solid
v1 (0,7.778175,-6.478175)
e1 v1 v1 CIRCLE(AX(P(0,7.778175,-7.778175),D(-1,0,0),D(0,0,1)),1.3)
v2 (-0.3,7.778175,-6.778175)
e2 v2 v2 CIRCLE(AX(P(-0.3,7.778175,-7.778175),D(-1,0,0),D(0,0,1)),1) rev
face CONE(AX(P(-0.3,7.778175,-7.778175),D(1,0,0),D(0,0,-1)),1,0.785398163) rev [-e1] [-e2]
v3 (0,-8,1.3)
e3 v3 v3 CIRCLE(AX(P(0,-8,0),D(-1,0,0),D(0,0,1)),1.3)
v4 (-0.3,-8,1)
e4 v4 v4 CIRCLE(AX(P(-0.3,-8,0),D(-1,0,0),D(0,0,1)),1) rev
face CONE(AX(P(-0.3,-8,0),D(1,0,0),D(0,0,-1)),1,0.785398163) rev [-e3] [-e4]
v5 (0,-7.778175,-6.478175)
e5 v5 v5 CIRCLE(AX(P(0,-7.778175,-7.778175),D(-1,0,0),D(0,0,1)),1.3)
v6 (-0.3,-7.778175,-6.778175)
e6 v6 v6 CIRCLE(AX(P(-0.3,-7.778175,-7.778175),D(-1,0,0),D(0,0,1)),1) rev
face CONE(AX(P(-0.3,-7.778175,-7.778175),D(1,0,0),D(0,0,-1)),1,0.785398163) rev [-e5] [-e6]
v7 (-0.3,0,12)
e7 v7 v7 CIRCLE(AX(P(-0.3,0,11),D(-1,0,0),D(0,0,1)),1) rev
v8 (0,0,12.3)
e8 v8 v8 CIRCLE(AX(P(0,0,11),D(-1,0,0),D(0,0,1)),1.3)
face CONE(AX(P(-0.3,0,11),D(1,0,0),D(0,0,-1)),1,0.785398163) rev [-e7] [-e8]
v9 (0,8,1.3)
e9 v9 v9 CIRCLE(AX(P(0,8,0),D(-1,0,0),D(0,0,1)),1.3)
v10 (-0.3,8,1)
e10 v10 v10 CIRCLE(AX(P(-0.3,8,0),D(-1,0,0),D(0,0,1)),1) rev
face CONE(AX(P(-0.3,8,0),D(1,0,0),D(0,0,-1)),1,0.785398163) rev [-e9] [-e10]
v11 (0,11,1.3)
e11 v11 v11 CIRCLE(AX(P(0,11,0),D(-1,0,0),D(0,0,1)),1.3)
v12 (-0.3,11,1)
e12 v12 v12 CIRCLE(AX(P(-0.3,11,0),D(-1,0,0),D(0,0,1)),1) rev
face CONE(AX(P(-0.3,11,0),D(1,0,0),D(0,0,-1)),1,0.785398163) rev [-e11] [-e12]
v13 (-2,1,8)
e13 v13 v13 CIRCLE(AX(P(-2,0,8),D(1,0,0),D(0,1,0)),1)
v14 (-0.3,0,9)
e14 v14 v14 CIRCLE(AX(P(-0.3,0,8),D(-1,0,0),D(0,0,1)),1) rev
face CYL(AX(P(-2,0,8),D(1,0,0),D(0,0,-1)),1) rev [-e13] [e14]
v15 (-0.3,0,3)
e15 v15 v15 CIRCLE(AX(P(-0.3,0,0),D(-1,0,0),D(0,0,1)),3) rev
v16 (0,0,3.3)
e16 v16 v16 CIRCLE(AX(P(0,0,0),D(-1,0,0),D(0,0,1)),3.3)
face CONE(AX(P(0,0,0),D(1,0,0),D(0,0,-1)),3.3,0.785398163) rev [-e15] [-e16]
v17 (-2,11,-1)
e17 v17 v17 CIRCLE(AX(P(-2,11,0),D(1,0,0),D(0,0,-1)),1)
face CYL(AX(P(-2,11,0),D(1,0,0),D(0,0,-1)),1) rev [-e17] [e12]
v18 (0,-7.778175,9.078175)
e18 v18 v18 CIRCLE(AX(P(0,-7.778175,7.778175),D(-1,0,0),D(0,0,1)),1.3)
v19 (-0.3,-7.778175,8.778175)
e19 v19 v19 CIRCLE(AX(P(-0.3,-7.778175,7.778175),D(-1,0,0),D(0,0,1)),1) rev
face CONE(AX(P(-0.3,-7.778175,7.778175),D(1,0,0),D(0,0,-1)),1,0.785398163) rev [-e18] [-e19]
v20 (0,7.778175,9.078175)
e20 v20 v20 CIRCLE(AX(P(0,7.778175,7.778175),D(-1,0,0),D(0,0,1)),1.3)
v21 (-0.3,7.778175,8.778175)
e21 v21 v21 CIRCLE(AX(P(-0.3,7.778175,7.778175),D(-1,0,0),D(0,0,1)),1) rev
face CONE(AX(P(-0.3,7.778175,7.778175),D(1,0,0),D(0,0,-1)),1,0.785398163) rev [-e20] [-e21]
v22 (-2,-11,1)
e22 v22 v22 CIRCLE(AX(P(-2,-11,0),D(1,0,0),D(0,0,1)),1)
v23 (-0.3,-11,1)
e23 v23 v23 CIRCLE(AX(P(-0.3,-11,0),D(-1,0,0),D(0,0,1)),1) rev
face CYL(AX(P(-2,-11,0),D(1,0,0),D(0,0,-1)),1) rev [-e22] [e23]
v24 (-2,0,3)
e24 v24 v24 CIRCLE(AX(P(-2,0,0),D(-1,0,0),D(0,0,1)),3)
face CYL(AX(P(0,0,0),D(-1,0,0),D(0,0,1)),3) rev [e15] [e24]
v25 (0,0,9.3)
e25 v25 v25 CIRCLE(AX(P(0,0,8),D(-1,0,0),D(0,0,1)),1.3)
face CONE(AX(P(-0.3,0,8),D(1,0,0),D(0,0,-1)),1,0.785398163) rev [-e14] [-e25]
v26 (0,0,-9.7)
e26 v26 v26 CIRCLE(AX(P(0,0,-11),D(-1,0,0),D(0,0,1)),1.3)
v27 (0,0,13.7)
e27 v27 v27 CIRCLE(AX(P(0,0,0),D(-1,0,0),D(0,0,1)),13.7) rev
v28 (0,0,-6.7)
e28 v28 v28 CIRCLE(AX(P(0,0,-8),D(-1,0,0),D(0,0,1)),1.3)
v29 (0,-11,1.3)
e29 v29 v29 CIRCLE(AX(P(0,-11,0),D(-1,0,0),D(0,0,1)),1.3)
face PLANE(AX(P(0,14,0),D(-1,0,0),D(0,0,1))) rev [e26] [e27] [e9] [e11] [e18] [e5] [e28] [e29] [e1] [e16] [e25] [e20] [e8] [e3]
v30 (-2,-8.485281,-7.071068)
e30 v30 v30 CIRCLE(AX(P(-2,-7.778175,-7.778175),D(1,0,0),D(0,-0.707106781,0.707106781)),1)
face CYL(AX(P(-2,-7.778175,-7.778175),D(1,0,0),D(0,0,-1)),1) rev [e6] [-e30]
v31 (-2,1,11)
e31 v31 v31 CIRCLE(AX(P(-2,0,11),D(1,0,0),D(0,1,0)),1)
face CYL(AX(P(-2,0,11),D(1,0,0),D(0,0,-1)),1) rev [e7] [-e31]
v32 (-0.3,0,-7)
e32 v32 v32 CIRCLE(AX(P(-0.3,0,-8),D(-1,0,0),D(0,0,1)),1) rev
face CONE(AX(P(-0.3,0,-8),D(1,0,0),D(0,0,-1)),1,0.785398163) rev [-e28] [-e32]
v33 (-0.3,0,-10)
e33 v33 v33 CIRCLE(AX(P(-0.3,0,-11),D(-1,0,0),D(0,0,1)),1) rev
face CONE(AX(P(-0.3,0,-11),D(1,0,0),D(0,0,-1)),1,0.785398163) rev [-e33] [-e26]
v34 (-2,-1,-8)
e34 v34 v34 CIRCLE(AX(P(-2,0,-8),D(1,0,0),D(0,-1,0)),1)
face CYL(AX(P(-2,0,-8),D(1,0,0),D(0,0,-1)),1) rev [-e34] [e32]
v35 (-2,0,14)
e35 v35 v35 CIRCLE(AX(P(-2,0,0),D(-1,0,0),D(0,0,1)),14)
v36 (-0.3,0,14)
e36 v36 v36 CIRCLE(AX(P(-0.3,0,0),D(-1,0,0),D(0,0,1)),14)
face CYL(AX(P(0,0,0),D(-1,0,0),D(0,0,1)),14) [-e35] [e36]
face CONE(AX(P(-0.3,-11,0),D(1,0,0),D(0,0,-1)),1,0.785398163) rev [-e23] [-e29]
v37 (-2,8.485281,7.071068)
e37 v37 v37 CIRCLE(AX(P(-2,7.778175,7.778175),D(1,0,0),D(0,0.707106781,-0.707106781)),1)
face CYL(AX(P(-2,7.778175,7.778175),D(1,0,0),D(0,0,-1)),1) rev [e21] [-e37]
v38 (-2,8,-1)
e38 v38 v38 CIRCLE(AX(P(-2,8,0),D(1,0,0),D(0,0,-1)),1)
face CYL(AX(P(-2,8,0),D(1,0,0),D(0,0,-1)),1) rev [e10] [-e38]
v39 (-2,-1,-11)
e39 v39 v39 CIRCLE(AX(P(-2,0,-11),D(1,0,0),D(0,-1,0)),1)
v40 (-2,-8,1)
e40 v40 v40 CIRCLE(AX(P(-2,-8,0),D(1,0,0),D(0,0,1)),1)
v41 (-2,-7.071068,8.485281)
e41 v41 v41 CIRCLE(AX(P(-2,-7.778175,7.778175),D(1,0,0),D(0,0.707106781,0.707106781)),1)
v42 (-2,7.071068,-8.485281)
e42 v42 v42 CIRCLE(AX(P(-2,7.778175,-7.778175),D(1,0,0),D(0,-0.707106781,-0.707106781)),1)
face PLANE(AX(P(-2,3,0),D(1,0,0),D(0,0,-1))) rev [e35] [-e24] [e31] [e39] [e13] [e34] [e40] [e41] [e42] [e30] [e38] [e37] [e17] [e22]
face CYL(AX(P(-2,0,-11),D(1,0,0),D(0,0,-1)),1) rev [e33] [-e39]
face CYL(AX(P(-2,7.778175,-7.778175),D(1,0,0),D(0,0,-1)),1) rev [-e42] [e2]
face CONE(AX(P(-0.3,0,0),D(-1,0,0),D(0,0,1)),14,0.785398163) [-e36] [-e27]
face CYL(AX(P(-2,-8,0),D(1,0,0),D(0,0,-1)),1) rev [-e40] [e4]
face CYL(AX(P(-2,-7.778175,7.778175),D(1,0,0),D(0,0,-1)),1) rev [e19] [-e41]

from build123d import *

# Parameters (mm, degrees)
SKETCH1_W          = 2
SKETCH1_H          = 11
SKETCH2_R          = 1
CUT_EXTRUDE1_DEPTH = 20.899748742
CIRPATTERN2_COUNT  = 8
SKETCH3_R          = 1
CUT_EXTRUDE2_DEPTH = 20.899748742
CIRPATTERN3_COUNT  = 4
CHAMFER1_SIZE      = 0.3


with BuildPart() as part:
    # Sketch1 → Revolve1 (revolve)
    with BuildSketch(Plane.XY, mode=Mode.PRIVATE) as revolve1_sk:
        with Locations((-1, 8.5)):
            Rectangle(SKETCH1_W, SKETCH1_H)
    revolve(revolve1_sk.sketch.rotate(Axis((0, 0, 0), (1, 0, 0)), 90), axis=Axis((0, 0, 0), (1, 0, 0)))

    # Sketch2 → Cut-Extrude1 (cut, through all)
    with BuildSketch(Plane(origin=(0, 0, 0), x_dir=(0, 0, -1), z_dir=(1, 0, 0))):
        with Locations((0, 11)):
            Circle(SKETCH2_R)
    cut_extrude1 = extrude(amount=-CUT_EXTRUDE1_DEPTH, mode=Mode.SUBTRACT)

    # CirPattern2: Cut-Extrude1 ×8 about axis
    cirpattern2_axis = Axis((0, 0, 0), (1, 0, 0))
    for i in range(1, CIRPATTERN2_COUNT):
        add(cut_extrude1.rotate(cirpattern2_axis, i * 360 / CIRPATTERN2_COUNT), mode=Mode.SUBTRACT)

    # Sketch3 → Cut-Extrude2 (cut, through all)
    with BuildSketch(Plane(origin=(0, 0, 0), x_dir=(0, 0, -1), z_dir=(1, 0, 0))):
        with Locations((0, 8)):
            Circle(SKETCH3_R)
    cut_extrude2 = extrude(amount=-CUT_EXTRUDE2_DEPTH, mode=Mode.SUBTRACT)

    # CirPattern3: Cut-Extrude2 ×4 about axis
    cirpattern3_axis = Axis((0, 0, 0), (1, 0, 0))
    for i in range(1, CIRPATTERN3_COUNT):
        add(cut_extrude2.rotate(cirpattern3_axis, i * 360 / CIRPATTERN3_COUNT), mode=Mode.SUBTRACT)

    # Chamfer1
    chamfer1_edges = [part.edges().sort_by_distance(p)[0] for p in [
        (0, 11, 1),
        (0, 8.485281374, -7.071067812),
        (0, 1, -11),
        (0, -7.071067812, -8.485281374),
        (0, -11, -1),
        (0, -8.485281374, 7.071067812),
        (0, -1, 11),
        (0, 0, -3),
        (0, 7.071067812, 8.485281374),
        (0, 0, -14),
        (0, 8, 1),
        (0, 1, -8),
        (0, -8, -1),
        (0, -1, 8),
    ]]
    chamfer(chamfer1_edges, length=CHAMFER1_SIZE)


solid = part.part
